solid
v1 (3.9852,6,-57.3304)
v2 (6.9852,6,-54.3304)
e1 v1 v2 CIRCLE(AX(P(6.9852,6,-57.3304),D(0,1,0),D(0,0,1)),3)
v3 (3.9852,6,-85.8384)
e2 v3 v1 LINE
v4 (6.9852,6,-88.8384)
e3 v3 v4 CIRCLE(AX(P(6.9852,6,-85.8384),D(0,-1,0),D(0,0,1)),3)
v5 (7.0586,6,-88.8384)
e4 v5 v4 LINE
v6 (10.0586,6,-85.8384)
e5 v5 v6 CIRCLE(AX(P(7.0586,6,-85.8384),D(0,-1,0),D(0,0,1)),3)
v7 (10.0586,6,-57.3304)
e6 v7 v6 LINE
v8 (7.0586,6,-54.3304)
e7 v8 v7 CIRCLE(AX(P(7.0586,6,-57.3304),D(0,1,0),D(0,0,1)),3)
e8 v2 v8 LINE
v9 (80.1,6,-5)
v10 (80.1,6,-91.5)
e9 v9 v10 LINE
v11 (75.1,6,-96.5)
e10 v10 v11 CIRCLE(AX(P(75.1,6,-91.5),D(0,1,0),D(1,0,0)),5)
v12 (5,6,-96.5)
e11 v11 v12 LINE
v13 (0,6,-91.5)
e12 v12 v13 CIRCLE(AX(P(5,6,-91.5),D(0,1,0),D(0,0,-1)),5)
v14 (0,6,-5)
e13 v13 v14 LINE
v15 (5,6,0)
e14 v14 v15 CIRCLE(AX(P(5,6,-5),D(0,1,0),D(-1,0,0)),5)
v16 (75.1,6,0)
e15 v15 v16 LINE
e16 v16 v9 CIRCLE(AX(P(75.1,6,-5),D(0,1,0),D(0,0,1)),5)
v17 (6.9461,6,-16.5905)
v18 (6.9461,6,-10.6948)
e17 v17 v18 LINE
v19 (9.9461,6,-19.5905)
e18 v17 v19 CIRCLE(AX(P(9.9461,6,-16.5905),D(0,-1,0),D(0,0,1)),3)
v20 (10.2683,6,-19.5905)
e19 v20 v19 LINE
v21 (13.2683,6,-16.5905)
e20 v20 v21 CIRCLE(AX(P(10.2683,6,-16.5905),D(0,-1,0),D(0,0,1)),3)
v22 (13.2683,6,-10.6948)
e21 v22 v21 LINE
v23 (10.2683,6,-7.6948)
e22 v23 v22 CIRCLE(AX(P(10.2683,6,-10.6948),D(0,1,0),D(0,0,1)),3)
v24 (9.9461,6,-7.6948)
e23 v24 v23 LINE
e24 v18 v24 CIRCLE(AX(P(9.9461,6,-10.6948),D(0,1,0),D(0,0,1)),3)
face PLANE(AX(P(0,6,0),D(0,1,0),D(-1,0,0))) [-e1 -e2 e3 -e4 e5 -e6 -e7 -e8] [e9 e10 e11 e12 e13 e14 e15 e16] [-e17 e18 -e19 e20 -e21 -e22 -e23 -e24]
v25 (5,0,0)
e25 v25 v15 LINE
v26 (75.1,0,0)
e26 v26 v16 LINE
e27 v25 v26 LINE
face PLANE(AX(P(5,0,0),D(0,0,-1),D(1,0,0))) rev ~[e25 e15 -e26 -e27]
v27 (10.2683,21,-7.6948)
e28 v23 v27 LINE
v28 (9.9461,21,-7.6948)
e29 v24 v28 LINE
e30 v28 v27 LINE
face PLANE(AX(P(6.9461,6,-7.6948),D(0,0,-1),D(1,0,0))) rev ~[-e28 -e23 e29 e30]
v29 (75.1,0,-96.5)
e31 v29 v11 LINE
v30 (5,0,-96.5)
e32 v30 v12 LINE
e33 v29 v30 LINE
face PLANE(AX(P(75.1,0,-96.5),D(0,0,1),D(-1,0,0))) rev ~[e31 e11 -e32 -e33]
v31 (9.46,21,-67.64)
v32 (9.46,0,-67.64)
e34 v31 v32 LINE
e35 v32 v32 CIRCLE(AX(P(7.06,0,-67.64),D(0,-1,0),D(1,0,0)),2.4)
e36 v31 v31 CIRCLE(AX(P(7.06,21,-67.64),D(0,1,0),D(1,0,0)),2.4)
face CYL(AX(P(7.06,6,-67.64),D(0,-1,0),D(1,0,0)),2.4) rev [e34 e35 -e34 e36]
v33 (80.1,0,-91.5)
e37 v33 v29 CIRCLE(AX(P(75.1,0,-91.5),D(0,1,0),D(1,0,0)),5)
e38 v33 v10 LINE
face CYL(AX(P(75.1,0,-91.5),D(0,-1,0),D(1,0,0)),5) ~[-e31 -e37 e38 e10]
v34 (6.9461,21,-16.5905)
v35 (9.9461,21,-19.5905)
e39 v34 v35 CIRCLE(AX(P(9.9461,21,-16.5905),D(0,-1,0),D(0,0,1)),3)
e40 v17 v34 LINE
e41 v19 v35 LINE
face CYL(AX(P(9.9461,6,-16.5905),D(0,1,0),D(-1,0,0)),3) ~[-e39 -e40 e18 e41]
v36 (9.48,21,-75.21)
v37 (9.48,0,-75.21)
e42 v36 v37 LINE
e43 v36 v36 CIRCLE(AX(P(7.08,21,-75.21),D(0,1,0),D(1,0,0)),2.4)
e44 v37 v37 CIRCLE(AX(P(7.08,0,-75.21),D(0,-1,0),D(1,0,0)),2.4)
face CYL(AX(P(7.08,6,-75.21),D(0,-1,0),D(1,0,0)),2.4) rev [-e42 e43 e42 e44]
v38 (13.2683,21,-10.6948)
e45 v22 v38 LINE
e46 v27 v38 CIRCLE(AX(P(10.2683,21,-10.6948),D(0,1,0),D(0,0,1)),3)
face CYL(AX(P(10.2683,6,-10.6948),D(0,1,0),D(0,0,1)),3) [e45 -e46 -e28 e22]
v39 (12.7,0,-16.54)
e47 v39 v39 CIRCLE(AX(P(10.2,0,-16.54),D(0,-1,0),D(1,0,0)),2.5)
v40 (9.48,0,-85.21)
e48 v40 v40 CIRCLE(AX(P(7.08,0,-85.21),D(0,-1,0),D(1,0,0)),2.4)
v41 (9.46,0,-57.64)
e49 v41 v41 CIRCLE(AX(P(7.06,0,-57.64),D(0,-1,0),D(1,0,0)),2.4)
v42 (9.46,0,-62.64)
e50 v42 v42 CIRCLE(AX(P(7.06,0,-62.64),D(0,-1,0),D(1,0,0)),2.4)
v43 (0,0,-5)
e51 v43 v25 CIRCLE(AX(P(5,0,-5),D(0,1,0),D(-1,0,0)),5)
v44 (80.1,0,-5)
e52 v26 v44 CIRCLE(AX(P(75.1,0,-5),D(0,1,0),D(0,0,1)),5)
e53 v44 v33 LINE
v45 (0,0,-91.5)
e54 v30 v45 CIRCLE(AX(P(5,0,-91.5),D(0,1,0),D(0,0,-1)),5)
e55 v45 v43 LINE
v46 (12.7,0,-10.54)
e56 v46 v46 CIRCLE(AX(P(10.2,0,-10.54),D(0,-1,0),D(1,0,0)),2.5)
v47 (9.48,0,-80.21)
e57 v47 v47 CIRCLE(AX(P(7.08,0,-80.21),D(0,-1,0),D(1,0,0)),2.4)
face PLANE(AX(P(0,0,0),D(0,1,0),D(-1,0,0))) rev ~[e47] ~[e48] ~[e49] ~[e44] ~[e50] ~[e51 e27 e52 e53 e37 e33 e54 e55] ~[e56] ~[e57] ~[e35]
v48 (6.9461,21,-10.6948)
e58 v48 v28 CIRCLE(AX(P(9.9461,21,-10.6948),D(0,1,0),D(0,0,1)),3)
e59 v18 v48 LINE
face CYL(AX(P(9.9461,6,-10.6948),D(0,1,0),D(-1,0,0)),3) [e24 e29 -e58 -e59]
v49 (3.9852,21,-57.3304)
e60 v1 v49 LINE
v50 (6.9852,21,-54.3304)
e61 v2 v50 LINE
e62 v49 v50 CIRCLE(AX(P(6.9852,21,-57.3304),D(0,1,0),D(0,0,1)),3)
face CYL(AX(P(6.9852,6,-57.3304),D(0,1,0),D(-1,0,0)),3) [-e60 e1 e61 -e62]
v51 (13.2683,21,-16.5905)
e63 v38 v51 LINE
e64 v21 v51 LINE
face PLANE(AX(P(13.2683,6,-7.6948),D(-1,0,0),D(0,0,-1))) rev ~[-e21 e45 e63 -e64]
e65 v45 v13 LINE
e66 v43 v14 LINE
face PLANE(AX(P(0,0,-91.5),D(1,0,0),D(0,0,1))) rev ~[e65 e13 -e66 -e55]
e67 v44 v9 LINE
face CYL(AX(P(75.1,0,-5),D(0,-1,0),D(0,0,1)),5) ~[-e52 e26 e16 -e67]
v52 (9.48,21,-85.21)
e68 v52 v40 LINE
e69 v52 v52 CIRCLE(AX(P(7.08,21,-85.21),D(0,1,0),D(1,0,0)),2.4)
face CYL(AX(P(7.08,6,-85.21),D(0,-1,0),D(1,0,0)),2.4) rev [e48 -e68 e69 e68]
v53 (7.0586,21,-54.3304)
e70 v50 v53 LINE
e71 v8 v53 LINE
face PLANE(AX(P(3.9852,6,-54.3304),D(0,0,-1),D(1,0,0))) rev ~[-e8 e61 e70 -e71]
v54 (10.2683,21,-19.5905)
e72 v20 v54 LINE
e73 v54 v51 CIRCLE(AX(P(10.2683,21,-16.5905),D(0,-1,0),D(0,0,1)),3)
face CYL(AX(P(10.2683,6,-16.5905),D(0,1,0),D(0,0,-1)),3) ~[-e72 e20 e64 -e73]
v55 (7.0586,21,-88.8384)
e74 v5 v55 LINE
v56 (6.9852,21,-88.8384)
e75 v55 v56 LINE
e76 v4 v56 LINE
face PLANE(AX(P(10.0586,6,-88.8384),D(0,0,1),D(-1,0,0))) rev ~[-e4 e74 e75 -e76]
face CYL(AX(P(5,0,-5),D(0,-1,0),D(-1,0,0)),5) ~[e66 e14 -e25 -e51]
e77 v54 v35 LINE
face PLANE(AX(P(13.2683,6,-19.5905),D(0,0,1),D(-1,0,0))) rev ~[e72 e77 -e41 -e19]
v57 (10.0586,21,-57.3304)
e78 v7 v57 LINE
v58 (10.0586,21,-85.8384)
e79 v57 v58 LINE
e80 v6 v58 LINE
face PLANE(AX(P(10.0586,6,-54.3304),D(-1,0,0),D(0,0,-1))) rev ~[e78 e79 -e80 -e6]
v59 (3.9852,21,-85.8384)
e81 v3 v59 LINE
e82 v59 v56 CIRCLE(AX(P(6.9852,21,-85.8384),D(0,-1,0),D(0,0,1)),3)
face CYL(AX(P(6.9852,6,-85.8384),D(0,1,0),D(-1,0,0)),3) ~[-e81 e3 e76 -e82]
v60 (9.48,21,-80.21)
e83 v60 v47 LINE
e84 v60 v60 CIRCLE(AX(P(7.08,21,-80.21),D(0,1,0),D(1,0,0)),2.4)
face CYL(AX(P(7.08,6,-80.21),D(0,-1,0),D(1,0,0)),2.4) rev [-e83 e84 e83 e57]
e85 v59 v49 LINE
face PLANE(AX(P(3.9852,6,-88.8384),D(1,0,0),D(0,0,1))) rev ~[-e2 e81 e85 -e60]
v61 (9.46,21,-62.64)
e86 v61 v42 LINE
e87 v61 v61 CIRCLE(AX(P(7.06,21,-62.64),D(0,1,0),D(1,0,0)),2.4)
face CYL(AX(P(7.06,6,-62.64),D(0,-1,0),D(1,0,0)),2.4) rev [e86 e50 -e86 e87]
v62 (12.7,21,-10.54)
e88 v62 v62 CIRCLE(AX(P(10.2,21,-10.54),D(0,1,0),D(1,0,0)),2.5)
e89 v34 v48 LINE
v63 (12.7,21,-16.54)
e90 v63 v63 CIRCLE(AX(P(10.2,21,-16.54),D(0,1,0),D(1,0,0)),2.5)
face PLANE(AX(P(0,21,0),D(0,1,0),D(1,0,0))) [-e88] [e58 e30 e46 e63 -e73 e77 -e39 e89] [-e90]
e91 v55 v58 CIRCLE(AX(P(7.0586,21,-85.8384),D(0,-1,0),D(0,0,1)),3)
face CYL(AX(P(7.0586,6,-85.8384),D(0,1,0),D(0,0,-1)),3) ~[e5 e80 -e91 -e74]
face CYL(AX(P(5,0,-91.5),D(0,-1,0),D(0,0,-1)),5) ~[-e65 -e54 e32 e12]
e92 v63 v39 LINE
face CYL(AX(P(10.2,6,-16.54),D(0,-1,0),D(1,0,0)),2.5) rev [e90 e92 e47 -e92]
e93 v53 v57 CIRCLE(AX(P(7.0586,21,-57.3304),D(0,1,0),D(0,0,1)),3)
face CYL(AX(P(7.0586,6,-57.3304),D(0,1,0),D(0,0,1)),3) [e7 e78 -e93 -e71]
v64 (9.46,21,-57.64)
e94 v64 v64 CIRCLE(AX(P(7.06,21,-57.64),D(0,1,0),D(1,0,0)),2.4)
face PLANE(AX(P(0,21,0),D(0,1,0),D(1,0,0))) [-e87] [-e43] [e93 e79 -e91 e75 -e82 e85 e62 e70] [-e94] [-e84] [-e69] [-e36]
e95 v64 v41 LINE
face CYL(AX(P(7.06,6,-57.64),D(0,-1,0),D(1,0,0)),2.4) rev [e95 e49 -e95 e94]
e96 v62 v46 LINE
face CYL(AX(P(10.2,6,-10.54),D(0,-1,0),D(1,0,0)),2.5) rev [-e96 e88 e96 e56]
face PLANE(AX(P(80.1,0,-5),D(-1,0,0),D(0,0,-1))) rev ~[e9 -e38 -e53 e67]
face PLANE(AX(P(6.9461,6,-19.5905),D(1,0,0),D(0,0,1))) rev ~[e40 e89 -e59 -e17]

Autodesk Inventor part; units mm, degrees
ref_plane "YZ Plane" through (0, 0, 0) normal (1, 0, 0) x (0, 1, 0)
ref_plane "XZ Plane" through (0, 0, 0) normal (0, 1, 0) x (-1, 0, 0)
ref_plane "XY Plane" through (0, 0, 0) normal (0, 0, 1) x (1, 0, 0)
sketch "Boceto1" plane through (0, 0, 0) normal (0, 1, 0) x (-1, 0, 0)
  line L0 (-5, 0) -> (-75.1, 0)
  line L1 (-80.1, -5) -> (-80.1, -91.5)
  line L2 (-75.1, -96.5) -> (-5, -96.5)
  line L3 (0, -91.5) -> (0, -5)
  arc A0 (0, -5) -> (-5, 0) centre (-5, -5) ccw
  arc A1 (-75.1, 0) -> (-80.1, -5) centre (-75.1, -5) ccw
  arc A2 (-80.1, -91.5) -> (-75.1, -96.5) centre (-75.1, -91.5) ccw
  arc A3 (-5, -96.5) -> (0, -91.5) centre (-5, -91.5) ccw
  point P0 (0, 0)
  point P1 (-80.1, -96.5)
  point P2 (-80.1, 0)
  point P3 (0, -96.5)
  dimension "d0" = 96.5
  dimension "d1" = 80.1
  dimension "d2" = 5
extrude "Extrusión1" add sketch "Boceto1" along normal blind 6
sketch "Boceto2" plane through (0, 0, 0) normal (0, -1, 0) x (1, 0, 0)
  circle A0 centre (10.2, -10.54) radius 2.5
  circle A1 centre (10.2, -16.54) radius 2.5
  circle A2 centre (7.06, -57.64) radius 2.4
  circle A3 centre (7.06, -62.64) radius 2.4
  circle A4 centre (7.06, -67.64) radius 2.4
  circle A5 centre (7.08, -75.21) radius 2.4
  circle A6 centre (7.08, -80.21) radius 2.4
  circle A7 centre (7.08, -85.21) radius 2.4
  point P0 (0, 0)
extrude "Extrusión2" cut sketch "Boceto2" against normal blind 10
sketch "Boceto3" plane through (0, 6, 0) normal (0, 1, 0) x (1, 0, 0)
  line L0 (6.9461, 7.6948) -> (13.2683, 7.6948)
  line L1 (13.2683, 7.6948) -> (13.2683, 19.5905)
  line L2 (13.2683, 19.5905) -> (6.9461, 19.5905)
  line L3 (6.9461, 19.5905) -> (6.9461, 7.6948)
  circle A0 centre (10.2, 16.54) radius 2.5 projected
  circle A1 centre (10.2, 10.54) radius 2.5 projected
  point P0 (0, 0)
extrude "Extrusión3" add sketch "Boceto3" along normal blind 15
fillet "Empalme1" radius 3 4 edges at (6.9461, 13.5, -19.5905) (6.9461, 13.5, -7.6948) (13.2683, 13.5, -7.6948) (13.2683, 13.5, -19.5905)
sketch "Boceto4" plane through (0, 6, 0) normal (0, 1, 0) x (1, 0, 0)
  line L0 (3.9852, 54.3304) -> (10.0586, 54.3304)
  line L1 (10.0586, 54.3304) -> (10.0586, 88.8384)
  line L2 (10.0586, 88.8384) -> (3.9852, 88.8384)
  line L3 (3.9852, 88.8384) -> (3.9852, 54.3304)
  circle A0 centre (7.06, 57.64) radius 2.4 projected
  circle A1 centre (7.06, 62.64) radius 2.4 projected
  circle A2 centre (7.06, 67.64) radius 2.4 projected
  circle A3 centre (7.08, 75.21) radius 2.4 projected
  circle A4 centre (7.08, 80.21) radius 2.4 projected
  circle A5 centre (7.08, 85.21) radius 2.4 projected
  point P0 (0, 0)
extrude "Extrusión4" add sketch "Boceto4" along normal blind 15
fillet "Empalme2" radius 3 4 edges at (3.9852, 13.5, -54.3304) (3.9852, 13.5, -88.8384) (10.0586, 13.5, -88.8384) (10.0586, 13.5, -54.3304)
properties part number "Tapa Case"
